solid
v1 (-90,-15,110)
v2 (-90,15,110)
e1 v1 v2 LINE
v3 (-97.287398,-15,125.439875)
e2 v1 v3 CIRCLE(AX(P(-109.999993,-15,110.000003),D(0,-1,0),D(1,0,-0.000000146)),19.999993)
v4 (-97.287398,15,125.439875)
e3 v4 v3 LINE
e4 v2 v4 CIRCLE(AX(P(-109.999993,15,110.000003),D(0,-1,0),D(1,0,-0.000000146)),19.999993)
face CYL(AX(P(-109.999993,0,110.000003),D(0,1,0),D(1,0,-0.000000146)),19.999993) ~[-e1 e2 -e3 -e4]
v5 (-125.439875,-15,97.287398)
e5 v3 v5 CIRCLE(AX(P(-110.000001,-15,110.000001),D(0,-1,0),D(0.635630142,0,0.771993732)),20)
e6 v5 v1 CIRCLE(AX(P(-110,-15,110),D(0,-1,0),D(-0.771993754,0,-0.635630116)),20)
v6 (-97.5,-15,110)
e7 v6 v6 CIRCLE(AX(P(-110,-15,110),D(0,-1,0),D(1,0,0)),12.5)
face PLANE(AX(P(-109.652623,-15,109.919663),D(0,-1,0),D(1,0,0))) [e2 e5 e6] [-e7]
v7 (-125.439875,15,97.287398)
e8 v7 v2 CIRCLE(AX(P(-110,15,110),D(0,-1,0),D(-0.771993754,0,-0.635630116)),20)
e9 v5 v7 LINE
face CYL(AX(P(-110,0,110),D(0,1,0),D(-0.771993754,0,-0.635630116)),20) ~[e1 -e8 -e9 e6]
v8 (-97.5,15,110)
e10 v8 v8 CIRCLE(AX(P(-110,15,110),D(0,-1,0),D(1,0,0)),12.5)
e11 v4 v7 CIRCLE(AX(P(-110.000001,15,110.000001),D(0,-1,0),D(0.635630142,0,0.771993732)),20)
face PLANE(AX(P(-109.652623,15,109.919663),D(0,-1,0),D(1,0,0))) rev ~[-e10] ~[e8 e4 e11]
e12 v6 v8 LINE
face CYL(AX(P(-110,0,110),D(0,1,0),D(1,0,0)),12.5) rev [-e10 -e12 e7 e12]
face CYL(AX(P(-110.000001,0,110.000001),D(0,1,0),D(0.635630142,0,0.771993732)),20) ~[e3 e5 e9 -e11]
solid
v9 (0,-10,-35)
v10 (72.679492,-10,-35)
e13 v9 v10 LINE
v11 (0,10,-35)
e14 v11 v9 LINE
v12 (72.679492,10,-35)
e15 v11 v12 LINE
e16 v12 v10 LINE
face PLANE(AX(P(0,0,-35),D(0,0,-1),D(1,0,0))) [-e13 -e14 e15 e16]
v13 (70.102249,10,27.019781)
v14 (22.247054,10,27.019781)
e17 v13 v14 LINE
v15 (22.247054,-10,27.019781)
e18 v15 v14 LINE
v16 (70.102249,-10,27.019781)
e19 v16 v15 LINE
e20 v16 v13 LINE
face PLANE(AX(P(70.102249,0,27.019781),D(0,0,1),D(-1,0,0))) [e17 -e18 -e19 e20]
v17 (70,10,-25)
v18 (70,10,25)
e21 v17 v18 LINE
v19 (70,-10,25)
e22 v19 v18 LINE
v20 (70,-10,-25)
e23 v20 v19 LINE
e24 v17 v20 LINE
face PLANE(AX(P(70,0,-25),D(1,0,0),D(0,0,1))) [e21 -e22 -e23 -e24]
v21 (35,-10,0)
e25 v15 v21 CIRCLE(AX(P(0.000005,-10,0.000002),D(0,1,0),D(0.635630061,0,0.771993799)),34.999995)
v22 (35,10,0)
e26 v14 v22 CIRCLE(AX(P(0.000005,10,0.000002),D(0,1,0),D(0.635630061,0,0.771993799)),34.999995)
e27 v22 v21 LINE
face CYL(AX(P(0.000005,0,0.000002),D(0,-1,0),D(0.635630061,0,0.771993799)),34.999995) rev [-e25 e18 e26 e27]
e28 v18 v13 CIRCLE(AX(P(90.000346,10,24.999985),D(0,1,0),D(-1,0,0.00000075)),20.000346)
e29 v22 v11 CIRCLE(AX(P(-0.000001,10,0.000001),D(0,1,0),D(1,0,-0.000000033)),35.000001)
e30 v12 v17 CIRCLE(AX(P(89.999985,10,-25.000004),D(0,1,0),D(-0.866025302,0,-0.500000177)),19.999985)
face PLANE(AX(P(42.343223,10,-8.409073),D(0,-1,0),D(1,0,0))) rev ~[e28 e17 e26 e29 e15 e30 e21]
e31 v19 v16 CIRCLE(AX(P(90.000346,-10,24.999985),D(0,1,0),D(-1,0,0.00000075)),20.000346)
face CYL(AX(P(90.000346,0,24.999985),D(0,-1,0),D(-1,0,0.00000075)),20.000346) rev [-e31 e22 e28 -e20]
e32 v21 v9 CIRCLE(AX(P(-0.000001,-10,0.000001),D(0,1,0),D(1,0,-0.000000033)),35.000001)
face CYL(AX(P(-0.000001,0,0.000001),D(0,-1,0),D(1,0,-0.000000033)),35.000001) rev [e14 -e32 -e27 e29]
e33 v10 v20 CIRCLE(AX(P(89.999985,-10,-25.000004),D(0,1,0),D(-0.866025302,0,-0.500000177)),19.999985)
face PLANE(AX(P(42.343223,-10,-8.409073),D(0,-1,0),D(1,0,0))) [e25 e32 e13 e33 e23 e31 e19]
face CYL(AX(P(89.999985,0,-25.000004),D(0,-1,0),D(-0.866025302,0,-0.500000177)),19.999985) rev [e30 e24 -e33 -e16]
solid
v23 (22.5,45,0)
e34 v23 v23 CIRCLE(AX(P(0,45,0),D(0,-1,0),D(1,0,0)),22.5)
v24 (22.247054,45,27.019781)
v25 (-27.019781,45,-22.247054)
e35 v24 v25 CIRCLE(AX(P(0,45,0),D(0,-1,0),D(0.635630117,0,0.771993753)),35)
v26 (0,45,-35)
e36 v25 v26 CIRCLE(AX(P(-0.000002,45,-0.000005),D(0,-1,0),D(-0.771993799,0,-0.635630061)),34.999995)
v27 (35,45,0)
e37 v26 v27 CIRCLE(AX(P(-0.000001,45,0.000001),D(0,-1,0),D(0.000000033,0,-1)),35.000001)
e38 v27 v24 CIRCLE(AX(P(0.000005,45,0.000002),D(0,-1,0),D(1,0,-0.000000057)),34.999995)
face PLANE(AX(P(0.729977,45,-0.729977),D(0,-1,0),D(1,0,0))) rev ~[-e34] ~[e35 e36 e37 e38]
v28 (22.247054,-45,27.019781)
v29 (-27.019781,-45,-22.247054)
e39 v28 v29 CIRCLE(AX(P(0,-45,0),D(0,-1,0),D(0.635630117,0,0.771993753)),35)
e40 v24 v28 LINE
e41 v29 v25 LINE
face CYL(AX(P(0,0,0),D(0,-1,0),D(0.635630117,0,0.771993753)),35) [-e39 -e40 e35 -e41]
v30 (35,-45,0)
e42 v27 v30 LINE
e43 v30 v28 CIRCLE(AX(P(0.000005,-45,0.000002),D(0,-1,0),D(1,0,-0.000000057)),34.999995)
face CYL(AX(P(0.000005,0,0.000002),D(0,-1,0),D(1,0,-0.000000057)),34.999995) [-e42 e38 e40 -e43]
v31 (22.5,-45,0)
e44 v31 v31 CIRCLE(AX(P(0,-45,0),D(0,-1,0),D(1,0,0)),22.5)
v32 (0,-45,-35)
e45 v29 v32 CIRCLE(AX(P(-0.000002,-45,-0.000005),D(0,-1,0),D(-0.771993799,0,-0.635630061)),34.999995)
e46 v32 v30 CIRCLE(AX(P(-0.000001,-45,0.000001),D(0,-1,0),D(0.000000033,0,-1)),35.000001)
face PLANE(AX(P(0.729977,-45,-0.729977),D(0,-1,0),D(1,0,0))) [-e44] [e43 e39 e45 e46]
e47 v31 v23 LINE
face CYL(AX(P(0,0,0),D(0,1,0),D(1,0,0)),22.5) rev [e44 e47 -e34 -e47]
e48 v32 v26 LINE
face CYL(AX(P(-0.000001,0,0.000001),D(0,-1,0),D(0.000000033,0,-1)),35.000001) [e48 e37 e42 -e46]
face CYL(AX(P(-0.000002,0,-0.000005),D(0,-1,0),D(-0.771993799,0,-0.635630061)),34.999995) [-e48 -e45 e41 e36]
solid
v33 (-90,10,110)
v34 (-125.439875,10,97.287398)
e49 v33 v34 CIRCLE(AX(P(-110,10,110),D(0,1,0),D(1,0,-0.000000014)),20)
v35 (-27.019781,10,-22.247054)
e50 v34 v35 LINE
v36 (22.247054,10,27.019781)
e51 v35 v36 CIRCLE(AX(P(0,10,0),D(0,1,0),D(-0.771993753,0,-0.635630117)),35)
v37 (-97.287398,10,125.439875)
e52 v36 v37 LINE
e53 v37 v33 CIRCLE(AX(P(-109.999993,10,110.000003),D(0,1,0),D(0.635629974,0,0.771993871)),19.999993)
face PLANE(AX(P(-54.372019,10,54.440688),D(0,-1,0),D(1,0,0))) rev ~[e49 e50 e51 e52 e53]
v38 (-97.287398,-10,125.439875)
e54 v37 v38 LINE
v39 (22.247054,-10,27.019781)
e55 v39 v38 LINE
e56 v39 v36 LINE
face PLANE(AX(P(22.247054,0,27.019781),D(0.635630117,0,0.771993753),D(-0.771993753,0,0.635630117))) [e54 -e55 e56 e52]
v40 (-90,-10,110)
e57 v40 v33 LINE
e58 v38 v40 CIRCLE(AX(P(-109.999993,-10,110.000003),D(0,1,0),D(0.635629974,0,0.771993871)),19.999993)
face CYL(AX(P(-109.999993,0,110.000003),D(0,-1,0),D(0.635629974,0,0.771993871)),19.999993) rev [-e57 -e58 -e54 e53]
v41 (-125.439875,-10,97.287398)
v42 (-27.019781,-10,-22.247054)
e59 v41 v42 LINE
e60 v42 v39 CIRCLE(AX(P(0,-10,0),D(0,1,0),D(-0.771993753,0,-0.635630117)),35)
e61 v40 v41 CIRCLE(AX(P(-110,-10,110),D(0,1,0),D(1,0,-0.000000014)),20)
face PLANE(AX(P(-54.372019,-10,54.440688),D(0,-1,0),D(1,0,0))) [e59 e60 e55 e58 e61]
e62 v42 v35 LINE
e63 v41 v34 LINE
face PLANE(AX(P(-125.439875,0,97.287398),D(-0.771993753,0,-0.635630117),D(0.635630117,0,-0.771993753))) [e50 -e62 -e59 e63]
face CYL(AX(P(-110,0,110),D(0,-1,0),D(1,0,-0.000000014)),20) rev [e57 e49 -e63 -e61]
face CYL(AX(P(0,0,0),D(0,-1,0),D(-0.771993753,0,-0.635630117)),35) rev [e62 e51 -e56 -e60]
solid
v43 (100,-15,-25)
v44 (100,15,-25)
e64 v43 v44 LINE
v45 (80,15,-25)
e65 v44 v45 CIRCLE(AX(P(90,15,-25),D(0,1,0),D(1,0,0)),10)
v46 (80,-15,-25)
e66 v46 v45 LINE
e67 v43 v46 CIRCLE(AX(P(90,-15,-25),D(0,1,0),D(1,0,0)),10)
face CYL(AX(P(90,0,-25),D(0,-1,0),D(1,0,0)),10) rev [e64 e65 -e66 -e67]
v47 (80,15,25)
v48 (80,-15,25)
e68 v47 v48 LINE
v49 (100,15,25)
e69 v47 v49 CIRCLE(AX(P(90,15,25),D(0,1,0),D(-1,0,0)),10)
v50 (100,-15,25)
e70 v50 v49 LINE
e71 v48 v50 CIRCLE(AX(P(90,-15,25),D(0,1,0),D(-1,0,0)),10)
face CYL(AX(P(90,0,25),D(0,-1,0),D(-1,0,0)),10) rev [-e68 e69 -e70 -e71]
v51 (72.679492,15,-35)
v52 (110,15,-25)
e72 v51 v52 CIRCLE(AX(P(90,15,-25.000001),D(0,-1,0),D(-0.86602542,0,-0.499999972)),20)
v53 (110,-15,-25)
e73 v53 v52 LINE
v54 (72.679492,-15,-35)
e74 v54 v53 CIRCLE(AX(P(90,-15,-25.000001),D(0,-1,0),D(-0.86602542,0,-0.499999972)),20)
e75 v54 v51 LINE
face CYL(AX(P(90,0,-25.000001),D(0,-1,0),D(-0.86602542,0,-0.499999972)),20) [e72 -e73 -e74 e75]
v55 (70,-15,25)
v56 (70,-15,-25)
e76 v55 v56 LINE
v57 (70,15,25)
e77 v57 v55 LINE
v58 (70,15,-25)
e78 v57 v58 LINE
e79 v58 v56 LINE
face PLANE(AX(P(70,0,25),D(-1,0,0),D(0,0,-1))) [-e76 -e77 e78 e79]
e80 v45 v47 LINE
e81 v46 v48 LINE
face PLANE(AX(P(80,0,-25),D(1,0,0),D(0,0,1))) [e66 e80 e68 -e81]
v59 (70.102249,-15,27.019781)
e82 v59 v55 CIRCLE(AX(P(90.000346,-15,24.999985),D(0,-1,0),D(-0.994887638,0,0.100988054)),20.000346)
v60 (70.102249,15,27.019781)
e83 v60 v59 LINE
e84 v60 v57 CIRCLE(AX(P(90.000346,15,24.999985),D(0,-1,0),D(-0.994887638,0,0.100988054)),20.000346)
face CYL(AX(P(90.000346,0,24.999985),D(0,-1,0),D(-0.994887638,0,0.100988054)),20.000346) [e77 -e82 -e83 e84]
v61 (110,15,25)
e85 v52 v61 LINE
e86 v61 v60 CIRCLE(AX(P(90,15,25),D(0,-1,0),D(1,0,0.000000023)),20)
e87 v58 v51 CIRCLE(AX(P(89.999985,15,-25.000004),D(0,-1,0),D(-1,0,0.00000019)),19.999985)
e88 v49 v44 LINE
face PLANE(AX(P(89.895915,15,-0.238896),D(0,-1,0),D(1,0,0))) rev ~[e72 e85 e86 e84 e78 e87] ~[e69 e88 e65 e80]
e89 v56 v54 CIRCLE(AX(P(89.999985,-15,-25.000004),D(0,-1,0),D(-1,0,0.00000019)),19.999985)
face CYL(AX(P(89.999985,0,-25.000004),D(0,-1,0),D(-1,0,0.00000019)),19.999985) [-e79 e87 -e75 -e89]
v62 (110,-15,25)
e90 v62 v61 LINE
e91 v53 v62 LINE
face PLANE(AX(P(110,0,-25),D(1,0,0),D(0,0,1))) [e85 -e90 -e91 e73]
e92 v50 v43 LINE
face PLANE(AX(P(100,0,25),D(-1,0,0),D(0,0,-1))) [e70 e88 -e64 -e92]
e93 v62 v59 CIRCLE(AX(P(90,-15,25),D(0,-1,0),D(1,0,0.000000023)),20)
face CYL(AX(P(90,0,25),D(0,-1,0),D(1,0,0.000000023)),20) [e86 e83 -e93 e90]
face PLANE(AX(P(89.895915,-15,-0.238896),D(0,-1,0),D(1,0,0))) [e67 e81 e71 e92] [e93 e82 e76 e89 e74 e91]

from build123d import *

# Parameters (mm, degrees)
F0_R     = 12.5
F1_DEPTH = 15
F0_R_2   = 22.5
F2_DEPTH = 45
F3_DEPTH = 10


with BuildPart() as f1:
    # F0 (on Front) → F1 (new body, symmetric)
    with BuildSketch(Plane.XZ):
        with BuildLine():
            ThreePointArc((-90, 110), (-91.913374, 118.536626), (-97.287398, 125.439875))
            ThreePointArc((-97.287398, 125.439875), (-124.142136, 124.142136), (-125.439875, 97.287398))
            ThreePointArc((-125.439875, 97.287398), (-103.24713, 91.174519), (-90, 110))
        make_face()
        with Locations((-110, 110)):
            Circle(F0_R, mode=Mode.SUBTRACT)
        with BuildLine():
            ThreePointArc((110, 25), (91.011184, 44.974421), (70.102249, 27.019781))
            ThreePointArc((70.102249, 27.019781), (70.025579, 26.011184), (70, 25))
            Line((70, 25), (70, -25))
            ThreePointArc((70, -25), (70.681483, -30.176381), (72.679492, -35))
            ThreePointArc((72.679492, -35), (95.176381, -44.318517), (110, -25))
            Line((110, -25), (110, 25))
        make_face()
        with BuildLine():
            ThreePointArc((80, 25), (90, 35), (100, 25))
            Line((100, 25), (100, -25))
            ThreePointArc((100, -25), (90, -35), (80, -25))
            Line((80, -25), (80, 25))
        make_face(mode=Mode.SUBTRACT)
    extrude(amount=F1_DEPTH, both=True)


with BuildPart() as f2:
    # F0 (on Front) → F2 (new body, symmetric)
    with BuildSketch(Plane.XZ):
        with BuildLine():
            ThreePointArc((0, -35), (24.748737, -24.748737), (35, 0))
            ThreePointArc((35, 0), (31.651595, 14.939095), (22.247054, 27.019781))
            ThreePointArc((22.247054, 27.019781), (-24.748737, 24.748737), (-27.019781, -22.247054))
            ThreePointArc((-27.019781, -22.247054), (-14.939095, -31.651595), (0, -35))
        make_face()
        Circle(F0_R_2, mode=Mode.SUBTRACT)
    extrude(amount=F2_DEPTH, both=True)


with BuildPart() as f3:
    # F0 (on Front) → F3 (new body, symmetric)
    with BuildSketch(Plane.XZ):
        with BuildLine():
            ThreePointArc((-27.019781, -22.247054), (-24.748737, 24.748737), (22.247054, 27.019781))
            Line((22.247054, 27.019781), (-97.287398, 125.439875))
            ThreePointArc((-97.287398, 125.439875), (-91.913374, 118.536626), (-90, 110))
            ThreePointArc((-90, 110), (-103.24713, 91.174519), (-125.439875, 97.287398))
            Line((-125.439875, 97.287398), (-27.019781, -22.247054))
        make_face()
        with BuildLine():
            ThreePointArc((22.247054, 27.019781), (31.651595, 14.939095), (35, 0))
            ThreePointArc((35, 0), (24.748737, -24.748737), (0, -35))
            Line((0, -35), (72.679492, -35))
            ThreePointArc((72.679492, -35), (70.681483, -30.176381), (70, -25))
            Line((70, -25), (70, 25))
            ThreePointArc((70, 25), (70.025579, 26.011184), (70.102249, 27.019781))
            Line((70.102249, 27.019781), (22.247054, 27.019781))
        make_face()
    extrude(amount=F3_DEPTH, both=True)


solid = Compound([f1.part, f2.part, f3.part])
